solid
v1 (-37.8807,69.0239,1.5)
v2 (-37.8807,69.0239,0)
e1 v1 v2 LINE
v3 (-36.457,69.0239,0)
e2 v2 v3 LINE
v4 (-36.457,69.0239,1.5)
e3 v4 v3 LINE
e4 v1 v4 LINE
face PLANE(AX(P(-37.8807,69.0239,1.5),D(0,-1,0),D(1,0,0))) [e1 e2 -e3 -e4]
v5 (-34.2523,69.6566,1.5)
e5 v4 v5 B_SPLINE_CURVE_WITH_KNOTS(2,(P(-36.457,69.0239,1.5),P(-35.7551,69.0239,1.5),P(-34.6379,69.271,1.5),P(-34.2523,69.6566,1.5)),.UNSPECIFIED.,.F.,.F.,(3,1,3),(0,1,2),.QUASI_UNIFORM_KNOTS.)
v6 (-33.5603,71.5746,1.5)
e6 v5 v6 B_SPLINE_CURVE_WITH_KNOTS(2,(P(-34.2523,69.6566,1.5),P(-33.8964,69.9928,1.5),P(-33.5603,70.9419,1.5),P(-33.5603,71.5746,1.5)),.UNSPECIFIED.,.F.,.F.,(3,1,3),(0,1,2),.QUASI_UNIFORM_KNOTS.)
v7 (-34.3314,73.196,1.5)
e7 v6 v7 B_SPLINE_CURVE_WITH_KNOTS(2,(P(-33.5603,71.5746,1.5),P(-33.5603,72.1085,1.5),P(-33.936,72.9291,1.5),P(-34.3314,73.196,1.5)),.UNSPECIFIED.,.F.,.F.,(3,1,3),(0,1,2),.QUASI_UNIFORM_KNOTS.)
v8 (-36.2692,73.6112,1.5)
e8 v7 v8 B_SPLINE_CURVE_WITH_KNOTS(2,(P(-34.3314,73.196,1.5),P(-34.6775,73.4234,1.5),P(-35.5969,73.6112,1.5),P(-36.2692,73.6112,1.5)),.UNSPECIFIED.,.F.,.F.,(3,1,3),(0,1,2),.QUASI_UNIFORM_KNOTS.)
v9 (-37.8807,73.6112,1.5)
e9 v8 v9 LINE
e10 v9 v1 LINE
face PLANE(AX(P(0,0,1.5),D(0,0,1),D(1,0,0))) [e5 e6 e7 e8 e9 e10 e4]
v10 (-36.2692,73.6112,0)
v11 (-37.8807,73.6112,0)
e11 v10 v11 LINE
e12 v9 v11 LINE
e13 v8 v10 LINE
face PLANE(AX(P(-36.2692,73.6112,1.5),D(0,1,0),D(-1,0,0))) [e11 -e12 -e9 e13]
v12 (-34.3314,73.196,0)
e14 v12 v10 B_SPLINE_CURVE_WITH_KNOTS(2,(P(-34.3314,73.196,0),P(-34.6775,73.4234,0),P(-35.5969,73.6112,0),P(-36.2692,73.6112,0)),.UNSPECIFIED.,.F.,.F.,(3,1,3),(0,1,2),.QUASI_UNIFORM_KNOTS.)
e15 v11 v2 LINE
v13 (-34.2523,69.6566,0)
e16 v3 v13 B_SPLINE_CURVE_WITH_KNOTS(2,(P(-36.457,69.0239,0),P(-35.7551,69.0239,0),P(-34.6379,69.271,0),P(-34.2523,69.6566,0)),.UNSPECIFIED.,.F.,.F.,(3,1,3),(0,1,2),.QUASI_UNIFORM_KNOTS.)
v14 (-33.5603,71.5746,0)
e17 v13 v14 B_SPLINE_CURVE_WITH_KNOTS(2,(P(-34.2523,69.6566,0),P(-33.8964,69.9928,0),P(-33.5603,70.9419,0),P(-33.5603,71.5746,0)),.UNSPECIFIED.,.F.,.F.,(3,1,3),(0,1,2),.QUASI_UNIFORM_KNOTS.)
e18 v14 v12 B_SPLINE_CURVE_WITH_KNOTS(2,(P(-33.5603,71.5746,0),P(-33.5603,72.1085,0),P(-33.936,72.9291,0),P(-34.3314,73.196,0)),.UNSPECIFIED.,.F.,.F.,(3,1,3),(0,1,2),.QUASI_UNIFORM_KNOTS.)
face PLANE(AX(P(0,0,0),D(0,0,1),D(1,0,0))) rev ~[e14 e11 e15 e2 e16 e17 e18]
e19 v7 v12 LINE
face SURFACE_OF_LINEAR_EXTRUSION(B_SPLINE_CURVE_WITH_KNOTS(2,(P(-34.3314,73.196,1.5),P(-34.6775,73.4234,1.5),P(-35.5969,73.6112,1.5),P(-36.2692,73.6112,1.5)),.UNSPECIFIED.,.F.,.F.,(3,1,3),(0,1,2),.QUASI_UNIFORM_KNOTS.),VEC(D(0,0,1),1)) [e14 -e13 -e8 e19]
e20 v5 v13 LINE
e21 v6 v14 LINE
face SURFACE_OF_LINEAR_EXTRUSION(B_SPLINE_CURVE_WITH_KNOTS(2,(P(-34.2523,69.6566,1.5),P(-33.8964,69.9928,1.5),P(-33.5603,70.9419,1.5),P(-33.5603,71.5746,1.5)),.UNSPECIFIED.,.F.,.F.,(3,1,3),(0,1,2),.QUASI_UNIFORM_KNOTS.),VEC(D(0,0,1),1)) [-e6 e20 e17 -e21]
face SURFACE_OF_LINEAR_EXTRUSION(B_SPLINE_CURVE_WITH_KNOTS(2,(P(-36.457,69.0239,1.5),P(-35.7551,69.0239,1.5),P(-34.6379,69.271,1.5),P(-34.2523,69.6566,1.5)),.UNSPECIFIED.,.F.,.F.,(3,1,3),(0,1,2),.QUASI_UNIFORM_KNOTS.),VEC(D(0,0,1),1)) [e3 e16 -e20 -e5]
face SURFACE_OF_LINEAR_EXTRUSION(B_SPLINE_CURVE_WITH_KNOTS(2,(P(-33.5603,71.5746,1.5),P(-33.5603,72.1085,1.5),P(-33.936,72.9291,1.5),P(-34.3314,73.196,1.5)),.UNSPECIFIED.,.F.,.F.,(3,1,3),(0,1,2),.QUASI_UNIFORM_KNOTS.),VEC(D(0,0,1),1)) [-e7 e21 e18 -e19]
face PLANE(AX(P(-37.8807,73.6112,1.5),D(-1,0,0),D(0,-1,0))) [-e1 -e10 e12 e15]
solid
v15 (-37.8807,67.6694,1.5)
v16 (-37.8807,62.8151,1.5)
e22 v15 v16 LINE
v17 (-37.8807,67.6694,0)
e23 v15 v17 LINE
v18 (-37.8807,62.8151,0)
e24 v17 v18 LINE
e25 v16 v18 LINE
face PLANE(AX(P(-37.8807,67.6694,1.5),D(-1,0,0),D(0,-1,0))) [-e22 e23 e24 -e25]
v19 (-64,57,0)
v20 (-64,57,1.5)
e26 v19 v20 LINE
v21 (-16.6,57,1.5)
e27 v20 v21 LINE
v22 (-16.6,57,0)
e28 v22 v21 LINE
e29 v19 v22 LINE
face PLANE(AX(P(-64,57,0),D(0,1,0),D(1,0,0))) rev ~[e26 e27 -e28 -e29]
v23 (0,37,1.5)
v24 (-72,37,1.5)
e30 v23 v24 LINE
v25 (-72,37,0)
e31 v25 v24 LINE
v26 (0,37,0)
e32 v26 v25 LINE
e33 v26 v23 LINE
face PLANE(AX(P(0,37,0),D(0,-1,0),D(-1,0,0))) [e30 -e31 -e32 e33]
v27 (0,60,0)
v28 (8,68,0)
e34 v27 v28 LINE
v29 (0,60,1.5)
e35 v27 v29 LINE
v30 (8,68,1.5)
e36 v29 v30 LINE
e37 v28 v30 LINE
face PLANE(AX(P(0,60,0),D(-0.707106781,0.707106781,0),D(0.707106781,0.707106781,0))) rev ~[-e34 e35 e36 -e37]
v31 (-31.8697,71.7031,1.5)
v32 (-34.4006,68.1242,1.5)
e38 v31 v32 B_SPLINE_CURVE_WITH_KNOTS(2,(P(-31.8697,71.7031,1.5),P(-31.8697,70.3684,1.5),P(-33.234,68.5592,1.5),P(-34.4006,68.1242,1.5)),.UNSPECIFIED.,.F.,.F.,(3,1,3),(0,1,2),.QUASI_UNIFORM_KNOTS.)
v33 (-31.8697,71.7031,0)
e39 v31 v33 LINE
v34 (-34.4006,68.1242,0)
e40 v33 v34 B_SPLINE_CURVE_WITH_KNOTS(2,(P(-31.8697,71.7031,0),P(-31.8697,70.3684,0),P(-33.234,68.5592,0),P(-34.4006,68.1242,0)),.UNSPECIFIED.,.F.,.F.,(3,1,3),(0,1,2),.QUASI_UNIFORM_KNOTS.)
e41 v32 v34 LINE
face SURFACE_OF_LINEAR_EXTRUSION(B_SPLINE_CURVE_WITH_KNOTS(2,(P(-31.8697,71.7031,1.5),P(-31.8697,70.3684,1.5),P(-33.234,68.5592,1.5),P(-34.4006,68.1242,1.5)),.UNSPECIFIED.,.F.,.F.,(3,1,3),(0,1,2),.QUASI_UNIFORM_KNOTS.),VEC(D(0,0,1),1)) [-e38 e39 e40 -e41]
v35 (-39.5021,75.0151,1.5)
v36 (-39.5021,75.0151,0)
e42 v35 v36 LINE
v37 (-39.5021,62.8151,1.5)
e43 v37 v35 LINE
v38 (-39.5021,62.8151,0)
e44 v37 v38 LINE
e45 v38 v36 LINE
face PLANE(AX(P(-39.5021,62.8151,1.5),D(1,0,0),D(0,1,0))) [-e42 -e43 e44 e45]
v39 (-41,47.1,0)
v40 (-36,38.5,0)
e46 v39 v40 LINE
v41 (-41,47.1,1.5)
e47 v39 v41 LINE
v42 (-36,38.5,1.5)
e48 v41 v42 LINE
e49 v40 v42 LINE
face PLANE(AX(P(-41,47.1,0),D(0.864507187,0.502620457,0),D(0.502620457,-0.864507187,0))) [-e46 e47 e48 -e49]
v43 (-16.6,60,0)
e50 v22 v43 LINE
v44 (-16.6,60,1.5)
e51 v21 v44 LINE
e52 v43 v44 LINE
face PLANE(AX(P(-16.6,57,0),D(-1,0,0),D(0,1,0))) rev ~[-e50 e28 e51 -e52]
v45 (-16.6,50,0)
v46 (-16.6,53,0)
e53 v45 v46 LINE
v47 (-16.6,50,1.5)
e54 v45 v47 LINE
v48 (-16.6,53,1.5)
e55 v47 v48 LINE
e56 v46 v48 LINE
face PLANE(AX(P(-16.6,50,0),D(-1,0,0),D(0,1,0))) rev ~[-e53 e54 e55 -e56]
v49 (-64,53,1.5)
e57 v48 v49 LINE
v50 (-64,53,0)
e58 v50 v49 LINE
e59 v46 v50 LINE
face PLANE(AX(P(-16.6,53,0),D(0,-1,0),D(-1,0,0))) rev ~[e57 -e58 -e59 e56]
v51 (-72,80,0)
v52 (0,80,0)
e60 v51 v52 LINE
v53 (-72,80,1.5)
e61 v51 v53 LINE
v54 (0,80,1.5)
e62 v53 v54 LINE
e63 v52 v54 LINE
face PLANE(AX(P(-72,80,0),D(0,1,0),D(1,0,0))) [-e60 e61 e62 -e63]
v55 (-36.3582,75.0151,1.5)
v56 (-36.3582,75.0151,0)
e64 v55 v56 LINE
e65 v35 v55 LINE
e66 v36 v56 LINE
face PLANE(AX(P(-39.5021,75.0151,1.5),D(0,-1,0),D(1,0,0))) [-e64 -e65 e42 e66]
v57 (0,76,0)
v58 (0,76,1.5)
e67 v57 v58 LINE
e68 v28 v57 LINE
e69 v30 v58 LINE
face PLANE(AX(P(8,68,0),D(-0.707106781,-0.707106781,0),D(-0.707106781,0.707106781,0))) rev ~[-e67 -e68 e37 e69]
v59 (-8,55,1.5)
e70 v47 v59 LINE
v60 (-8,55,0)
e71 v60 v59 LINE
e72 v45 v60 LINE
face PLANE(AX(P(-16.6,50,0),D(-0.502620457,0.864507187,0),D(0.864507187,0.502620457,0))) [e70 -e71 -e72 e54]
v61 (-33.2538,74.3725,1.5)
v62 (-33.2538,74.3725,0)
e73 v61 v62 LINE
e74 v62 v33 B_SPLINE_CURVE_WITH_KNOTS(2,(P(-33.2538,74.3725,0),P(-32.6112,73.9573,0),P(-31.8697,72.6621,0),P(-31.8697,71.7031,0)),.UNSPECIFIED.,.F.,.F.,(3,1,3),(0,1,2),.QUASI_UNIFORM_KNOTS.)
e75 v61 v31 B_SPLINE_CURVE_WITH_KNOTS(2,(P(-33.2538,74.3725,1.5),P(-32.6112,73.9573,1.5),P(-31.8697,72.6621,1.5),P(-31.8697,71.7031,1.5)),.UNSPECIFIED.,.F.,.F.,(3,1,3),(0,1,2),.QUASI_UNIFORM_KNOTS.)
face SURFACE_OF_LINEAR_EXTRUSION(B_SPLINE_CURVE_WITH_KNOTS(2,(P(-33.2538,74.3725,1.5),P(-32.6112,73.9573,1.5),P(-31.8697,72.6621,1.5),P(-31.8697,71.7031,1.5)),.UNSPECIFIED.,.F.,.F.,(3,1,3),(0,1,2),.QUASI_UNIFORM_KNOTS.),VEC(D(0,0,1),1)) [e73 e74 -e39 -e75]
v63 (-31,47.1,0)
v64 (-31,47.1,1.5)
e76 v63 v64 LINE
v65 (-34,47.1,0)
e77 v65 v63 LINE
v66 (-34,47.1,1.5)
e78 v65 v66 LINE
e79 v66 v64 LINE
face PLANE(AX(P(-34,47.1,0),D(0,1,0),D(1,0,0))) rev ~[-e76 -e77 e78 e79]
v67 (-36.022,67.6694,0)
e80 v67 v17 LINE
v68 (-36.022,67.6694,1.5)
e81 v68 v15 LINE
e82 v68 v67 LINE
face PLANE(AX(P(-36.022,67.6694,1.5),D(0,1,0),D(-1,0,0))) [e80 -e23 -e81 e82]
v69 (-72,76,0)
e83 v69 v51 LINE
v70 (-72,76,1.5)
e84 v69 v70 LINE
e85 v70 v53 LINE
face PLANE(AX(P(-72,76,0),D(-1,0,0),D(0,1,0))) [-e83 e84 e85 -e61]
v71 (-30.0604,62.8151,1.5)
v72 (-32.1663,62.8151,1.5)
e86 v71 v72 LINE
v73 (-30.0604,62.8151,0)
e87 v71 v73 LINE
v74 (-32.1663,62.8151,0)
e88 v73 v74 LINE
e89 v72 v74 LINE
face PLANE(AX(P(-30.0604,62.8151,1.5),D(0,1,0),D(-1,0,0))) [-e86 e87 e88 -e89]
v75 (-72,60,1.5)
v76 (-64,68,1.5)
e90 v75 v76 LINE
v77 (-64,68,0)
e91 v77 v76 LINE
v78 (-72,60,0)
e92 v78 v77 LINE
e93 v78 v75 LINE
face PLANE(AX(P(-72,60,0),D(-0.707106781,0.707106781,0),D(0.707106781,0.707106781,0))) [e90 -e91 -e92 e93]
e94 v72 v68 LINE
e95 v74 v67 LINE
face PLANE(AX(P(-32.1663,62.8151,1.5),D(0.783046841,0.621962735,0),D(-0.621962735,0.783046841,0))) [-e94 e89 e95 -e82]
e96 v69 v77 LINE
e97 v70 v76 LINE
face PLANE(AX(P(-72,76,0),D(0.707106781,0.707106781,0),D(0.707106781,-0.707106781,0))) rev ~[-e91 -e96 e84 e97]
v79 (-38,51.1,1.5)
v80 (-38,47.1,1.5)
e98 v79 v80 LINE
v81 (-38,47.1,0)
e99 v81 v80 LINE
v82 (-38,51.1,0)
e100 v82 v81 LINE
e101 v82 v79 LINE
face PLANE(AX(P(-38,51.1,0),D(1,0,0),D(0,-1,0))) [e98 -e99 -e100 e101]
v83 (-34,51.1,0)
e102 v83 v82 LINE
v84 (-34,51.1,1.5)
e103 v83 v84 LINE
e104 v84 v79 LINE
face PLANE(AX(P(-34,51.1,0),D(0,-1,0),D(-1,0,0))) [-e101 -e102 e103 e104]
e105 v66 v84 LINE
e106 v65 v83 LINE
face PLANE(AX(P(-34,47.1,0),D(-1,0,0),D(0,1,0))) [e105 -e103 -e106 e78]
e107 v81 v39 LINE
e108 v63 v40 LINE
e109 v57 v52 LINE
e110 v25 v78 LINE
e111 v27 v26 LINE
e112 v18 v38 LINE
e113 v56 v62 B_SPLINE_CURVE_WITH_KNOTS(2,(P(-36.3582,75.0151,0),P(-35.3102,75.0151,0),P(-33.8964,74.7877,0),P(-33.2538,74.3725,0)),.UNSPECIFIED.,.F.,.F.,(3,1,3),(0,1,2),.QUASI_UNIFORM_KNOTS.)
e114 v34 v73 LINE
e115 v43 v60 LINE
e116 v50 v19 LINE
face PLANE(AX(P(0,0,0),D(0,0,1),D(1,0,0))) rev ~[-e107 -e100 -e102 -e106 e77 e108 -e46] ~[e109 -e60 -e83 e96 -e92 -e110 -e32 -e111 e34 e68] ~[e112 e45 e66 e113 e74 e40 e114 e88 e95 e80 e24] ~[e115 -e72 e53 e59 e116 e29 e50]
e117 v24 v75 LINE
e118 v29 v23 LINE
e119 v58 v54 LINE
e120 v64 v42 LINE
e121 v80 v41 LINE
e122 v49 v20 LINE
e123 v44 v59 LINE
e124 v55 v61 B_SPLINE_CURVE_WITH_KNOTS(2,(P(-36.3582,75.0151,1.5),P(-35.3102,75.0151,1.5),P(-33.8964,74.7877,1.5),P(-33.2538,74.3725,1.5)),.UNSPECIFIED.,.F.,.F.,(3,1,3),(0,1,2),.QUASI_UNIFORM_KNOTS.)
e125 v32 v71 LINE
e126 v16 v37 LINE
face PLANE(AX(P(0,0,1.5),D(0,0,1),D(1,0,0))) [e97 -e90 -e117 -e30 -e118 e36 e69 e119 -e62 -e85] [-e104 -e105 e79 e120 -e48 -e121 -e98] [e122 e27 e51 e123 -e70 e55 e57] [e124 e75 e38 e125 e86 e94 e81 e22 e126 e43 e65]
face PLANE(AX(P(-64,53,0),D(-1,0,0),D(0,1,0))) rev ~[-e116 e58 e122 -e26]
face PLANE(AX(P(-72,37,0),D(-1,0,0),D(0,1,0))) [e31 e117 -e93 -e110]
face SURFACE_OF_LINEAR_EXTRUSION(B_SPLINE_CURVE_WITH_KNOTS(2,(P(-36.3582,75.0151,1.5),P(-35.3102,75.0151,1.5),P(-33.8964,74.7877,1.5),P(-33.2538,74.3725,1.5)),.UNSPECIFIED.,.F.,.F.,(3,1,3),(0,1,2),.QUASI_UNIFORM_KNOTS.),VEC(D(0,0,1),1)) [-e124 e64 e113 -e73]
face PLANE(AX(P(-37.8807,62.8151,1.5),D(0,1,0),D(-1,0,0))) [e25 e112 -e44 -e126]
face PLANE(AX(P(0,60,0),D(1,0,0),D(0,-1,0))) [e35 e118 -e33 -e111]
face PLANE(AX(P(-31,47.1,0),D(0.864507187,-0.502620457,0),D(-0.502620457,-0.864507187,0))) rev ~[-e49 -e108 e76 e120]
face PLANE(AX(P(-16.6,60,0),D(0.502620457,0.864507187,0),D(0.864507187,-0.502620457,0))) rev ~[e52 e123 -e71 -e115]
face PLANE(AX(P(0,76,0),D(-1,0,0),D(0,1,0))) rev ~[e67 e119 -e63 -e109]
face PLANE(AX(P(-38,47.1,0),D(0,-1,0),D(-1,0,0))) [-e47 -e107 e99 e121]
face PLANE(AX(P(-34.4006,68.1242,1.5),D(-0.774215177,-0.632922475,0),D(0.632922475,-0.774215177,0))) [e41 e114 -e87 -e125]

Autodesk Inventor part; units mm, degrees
ref_plane "YZ Plane" through (0, 0, 0) normal (1, 0, 0) x (0, 1, 0)
ref_plane "XZ Plane" through (0, 0, 0) normal (0, 1, 0) x (-1, 0, 0)
ref_plane "XY Plane" through (0, 0, 0) normal (0, 0, 1) x (1, 0, 0)
sketch "Sketch1" plane through (0, 0, 0) normal (0, 0, 1) x (1, 0, 0)
  circle A0 centre (-72, 68) radius 8 construction
  line L0 (-72, 60) -> (0, 60) construction
  line L1 (-72, 76) -> (-64, 68)
  line L2 (-72, 60) -> (-64, 68)
  line L3 (-72, 76) -> (-72, 80)
  line L4 (0, 76) -> (0, 80)
  line L5 (-72, 80) -> (0, 80)
  line L6 (-72, 76) -> (11.4847, 76) construction
  line L7 (-64, 68) -> (11.3495, 68) construction
  line L8 (-72, 60) -> (23.0654, 60) construction
  circle A1 centre (0, 68) radius 8 construction
  line L9 (0, 60) -> (8, 68)
  line L10 (8, 68) -> (0, 76)
  line L11 (-34, 51.1) -> (-38, 51.1)
  line L12 (-38, 51.1) -> (-38, 47.1)
  line L13 (-34, 47.1) -> (-34, 51.1)
  line L14 (-34, 51.1) -> (-34, 39.9508) construction
  line L15 (-34, 47.1) -> (-31, 47.1)
  line L16 (-38, 47.1) -> (-41, 47.1)
  line L17 (-36, 51.1) -> (-36, 38.5) construction
  line L18 (-41, 47.1) -> (-36, 38.5)
  line L19 (-31, 47.1) -> (-36, 38.5)
  line L20 (0, 37) -> (-91.064, 37) construction
  line L21 (0, 37) -> (-72, 37)
  line L22 (-64, 68) -> (-64, -7.5721) construction
  line L23 (31.0795, 0) -> (31.0795, 55) construction
  line L24 (31.0795, 55) -> (-111.8136, 55) construction
  line L25 (-8, 68) -> (-8, -20.4909) construction
  line L26 (-8, 55) -> (-16.6, 55) construction
  line L27 (-16.6, 55) -> (-16.6, 50) construction
  line L28 (-16.6, 50) -> (-8, 55)
  line L29 (-16.6, 60) -> (-8, 55)
  line L30 (-16.6, 50) -> (-16.6, 53)
  line L31 (-16.6, 53) -> (-64, 53)
  line L32 (-64, 53) -> (-64, 57)
  line L33 (-64, 57) -> (-16.6, 57)
  line L34 (-16.6, 57) -> (-16.6, 60)
  line L35 (-72, 37) -> (-72, 60)
  line L36 (-72, 35.1512) -> (-72, 37)
  line L37 (0, 60) -> (0, 37)
  point P0 (0, 78)
  point P1 (-72, 78)
  point P2 (-137.4598, 47.0487)
  point P3 (-32.5, 47.1)
  dimension "d5" = 72
  dimension "d13" = 4
  dimension "d25" = 4
  dimension "d26" = 3
  dimension "d27" = 3
  dimension "d31" = 4
  dimension "d50" = 55
  dimension "d51" = 8.6
  dimension "d52" = 5
  dimension "d54" = 4
  dimension "d55" = 1.5
extrude "Extrusion7" add sketch "Sketch1" along normal blind 1.5
sketch "Sketch10" plane through (0, 0, 1.5) normal (0, 0, 1) x (1, 0, 0)
  line L0 (-40.7379, 75.0151) -> (-32.2319, 75.0151) construction
  line L1 (-32.2319, 75.0151) -> (-32.2319, 65.3644) construction
  line L2 (-32.2319, 65.3644) -> (-40.7379, 65.3644) construction
  line L3 (-40.7379, 65.3644) -> (-40.7379, 75.0151) construction
  line L4 (-30.0604, 62.8151) -> (-32.1663, 62.8151)
  line L5 (-32.1663, 62.8151) -> (-36.022, 67.6694)
  line L6 (-36.022, 67.6694) -> (-37.8807, 67.6694)
  line L7 (-37.8807, 67.6694) -> (-37.8807, 62.8151)
  line L8 (-37.8807, 62.8151) -> (-39.5021, 62.8151)
  line L9 (-39.5021, 62.8151) -> (-39.5021, 75.0151)
  line L10 (-39.5021, 75.0151) -> (-36.3582, 75.0151)
  spline S0 degree 2 poles (-36.3582, 75.0151) (-35.3102, 75.0151) (-33.8964, 74.7877) (-33.2538, 74.3725) knots 0 0 0 1 2 2 2
  spline S1 degree 2 poles (-33.2538, 74.3725) (-32.6112, 73.9573) (-31.8697, 72.6621) (-31.8697, 71.7031) knots 0 0 0 1 2 2 2
  spline S2 degree 2 poles (-31.8697, 71.7031) (-31.8697, 70.3684) (-33.234, 68.5592) (-34.4006, 68.1242) knots 0 0 0 1 2 2 2
  line L11 (-34.4006, 68.1242) -> (-30.0604, 62.8151)
  spline S3 degree 2 poles (-33.5603, 71.5746) (-33.5603, 72.1085) (-33.936, 72.9291) (-34.3314, 73.196) knots 0 0 0 1 2 2 2
  spline S4 degree 2 poles (-34.3314, 73.196) (-34.6775, 73.4234) (-35.5969, 73.6112) (-36.2692, 73.6112) knots 0 0 0 1 2 2 2
  line L12 (-36.2692, 73.6112) -> (-37.8807, 73.6112)
  line L13 (-37.8807, 73.6112) -> (-37.8807, 69.0239)
  line L14 (-37.8807, 69.0239) -> (-36.457, 69.0239)
  spline S5 degree 2 poles (-36.457, 69.0239) (-35.7551, 69.0239) (-34.6379, 69.271) (-34.2523, 69.6566) knots 0 0 0 1 2 2 2
  spline S6 degree 2 poles (-34.2523, 69.6566) (-33.8964, 69.9928) (-33.5603, 70.9419) (-33.5603, 71.5746) knots 0 0 0 1 2 2 2
  point P0 (0, 0)
sketch "Sketch11" plane through (0, 0, 1.5) normal (0, 0, 1) x (1, 0, 0)
  line L0 (-37.8813, 69.6702) -> (-36.5373, 69.6702)
  line L1 (-36.5373, 69.6702) -> (-36.5373, 66.5093)
  line L2 (-36.5373, 66.5093) -> (-37.8813, 66.5093)
  line L3 (-37.8813, 66.5093) -> (-37.8813, 69.6702)
  point P0 (0, 0)
extrude "Extrusion11" cut sketch "Sketch10" against normal up to surface (1.5 mm away)
extrude "Extrusion12" [suppressed]
properties part number "MS_R_Front_top_yellow_v3"
